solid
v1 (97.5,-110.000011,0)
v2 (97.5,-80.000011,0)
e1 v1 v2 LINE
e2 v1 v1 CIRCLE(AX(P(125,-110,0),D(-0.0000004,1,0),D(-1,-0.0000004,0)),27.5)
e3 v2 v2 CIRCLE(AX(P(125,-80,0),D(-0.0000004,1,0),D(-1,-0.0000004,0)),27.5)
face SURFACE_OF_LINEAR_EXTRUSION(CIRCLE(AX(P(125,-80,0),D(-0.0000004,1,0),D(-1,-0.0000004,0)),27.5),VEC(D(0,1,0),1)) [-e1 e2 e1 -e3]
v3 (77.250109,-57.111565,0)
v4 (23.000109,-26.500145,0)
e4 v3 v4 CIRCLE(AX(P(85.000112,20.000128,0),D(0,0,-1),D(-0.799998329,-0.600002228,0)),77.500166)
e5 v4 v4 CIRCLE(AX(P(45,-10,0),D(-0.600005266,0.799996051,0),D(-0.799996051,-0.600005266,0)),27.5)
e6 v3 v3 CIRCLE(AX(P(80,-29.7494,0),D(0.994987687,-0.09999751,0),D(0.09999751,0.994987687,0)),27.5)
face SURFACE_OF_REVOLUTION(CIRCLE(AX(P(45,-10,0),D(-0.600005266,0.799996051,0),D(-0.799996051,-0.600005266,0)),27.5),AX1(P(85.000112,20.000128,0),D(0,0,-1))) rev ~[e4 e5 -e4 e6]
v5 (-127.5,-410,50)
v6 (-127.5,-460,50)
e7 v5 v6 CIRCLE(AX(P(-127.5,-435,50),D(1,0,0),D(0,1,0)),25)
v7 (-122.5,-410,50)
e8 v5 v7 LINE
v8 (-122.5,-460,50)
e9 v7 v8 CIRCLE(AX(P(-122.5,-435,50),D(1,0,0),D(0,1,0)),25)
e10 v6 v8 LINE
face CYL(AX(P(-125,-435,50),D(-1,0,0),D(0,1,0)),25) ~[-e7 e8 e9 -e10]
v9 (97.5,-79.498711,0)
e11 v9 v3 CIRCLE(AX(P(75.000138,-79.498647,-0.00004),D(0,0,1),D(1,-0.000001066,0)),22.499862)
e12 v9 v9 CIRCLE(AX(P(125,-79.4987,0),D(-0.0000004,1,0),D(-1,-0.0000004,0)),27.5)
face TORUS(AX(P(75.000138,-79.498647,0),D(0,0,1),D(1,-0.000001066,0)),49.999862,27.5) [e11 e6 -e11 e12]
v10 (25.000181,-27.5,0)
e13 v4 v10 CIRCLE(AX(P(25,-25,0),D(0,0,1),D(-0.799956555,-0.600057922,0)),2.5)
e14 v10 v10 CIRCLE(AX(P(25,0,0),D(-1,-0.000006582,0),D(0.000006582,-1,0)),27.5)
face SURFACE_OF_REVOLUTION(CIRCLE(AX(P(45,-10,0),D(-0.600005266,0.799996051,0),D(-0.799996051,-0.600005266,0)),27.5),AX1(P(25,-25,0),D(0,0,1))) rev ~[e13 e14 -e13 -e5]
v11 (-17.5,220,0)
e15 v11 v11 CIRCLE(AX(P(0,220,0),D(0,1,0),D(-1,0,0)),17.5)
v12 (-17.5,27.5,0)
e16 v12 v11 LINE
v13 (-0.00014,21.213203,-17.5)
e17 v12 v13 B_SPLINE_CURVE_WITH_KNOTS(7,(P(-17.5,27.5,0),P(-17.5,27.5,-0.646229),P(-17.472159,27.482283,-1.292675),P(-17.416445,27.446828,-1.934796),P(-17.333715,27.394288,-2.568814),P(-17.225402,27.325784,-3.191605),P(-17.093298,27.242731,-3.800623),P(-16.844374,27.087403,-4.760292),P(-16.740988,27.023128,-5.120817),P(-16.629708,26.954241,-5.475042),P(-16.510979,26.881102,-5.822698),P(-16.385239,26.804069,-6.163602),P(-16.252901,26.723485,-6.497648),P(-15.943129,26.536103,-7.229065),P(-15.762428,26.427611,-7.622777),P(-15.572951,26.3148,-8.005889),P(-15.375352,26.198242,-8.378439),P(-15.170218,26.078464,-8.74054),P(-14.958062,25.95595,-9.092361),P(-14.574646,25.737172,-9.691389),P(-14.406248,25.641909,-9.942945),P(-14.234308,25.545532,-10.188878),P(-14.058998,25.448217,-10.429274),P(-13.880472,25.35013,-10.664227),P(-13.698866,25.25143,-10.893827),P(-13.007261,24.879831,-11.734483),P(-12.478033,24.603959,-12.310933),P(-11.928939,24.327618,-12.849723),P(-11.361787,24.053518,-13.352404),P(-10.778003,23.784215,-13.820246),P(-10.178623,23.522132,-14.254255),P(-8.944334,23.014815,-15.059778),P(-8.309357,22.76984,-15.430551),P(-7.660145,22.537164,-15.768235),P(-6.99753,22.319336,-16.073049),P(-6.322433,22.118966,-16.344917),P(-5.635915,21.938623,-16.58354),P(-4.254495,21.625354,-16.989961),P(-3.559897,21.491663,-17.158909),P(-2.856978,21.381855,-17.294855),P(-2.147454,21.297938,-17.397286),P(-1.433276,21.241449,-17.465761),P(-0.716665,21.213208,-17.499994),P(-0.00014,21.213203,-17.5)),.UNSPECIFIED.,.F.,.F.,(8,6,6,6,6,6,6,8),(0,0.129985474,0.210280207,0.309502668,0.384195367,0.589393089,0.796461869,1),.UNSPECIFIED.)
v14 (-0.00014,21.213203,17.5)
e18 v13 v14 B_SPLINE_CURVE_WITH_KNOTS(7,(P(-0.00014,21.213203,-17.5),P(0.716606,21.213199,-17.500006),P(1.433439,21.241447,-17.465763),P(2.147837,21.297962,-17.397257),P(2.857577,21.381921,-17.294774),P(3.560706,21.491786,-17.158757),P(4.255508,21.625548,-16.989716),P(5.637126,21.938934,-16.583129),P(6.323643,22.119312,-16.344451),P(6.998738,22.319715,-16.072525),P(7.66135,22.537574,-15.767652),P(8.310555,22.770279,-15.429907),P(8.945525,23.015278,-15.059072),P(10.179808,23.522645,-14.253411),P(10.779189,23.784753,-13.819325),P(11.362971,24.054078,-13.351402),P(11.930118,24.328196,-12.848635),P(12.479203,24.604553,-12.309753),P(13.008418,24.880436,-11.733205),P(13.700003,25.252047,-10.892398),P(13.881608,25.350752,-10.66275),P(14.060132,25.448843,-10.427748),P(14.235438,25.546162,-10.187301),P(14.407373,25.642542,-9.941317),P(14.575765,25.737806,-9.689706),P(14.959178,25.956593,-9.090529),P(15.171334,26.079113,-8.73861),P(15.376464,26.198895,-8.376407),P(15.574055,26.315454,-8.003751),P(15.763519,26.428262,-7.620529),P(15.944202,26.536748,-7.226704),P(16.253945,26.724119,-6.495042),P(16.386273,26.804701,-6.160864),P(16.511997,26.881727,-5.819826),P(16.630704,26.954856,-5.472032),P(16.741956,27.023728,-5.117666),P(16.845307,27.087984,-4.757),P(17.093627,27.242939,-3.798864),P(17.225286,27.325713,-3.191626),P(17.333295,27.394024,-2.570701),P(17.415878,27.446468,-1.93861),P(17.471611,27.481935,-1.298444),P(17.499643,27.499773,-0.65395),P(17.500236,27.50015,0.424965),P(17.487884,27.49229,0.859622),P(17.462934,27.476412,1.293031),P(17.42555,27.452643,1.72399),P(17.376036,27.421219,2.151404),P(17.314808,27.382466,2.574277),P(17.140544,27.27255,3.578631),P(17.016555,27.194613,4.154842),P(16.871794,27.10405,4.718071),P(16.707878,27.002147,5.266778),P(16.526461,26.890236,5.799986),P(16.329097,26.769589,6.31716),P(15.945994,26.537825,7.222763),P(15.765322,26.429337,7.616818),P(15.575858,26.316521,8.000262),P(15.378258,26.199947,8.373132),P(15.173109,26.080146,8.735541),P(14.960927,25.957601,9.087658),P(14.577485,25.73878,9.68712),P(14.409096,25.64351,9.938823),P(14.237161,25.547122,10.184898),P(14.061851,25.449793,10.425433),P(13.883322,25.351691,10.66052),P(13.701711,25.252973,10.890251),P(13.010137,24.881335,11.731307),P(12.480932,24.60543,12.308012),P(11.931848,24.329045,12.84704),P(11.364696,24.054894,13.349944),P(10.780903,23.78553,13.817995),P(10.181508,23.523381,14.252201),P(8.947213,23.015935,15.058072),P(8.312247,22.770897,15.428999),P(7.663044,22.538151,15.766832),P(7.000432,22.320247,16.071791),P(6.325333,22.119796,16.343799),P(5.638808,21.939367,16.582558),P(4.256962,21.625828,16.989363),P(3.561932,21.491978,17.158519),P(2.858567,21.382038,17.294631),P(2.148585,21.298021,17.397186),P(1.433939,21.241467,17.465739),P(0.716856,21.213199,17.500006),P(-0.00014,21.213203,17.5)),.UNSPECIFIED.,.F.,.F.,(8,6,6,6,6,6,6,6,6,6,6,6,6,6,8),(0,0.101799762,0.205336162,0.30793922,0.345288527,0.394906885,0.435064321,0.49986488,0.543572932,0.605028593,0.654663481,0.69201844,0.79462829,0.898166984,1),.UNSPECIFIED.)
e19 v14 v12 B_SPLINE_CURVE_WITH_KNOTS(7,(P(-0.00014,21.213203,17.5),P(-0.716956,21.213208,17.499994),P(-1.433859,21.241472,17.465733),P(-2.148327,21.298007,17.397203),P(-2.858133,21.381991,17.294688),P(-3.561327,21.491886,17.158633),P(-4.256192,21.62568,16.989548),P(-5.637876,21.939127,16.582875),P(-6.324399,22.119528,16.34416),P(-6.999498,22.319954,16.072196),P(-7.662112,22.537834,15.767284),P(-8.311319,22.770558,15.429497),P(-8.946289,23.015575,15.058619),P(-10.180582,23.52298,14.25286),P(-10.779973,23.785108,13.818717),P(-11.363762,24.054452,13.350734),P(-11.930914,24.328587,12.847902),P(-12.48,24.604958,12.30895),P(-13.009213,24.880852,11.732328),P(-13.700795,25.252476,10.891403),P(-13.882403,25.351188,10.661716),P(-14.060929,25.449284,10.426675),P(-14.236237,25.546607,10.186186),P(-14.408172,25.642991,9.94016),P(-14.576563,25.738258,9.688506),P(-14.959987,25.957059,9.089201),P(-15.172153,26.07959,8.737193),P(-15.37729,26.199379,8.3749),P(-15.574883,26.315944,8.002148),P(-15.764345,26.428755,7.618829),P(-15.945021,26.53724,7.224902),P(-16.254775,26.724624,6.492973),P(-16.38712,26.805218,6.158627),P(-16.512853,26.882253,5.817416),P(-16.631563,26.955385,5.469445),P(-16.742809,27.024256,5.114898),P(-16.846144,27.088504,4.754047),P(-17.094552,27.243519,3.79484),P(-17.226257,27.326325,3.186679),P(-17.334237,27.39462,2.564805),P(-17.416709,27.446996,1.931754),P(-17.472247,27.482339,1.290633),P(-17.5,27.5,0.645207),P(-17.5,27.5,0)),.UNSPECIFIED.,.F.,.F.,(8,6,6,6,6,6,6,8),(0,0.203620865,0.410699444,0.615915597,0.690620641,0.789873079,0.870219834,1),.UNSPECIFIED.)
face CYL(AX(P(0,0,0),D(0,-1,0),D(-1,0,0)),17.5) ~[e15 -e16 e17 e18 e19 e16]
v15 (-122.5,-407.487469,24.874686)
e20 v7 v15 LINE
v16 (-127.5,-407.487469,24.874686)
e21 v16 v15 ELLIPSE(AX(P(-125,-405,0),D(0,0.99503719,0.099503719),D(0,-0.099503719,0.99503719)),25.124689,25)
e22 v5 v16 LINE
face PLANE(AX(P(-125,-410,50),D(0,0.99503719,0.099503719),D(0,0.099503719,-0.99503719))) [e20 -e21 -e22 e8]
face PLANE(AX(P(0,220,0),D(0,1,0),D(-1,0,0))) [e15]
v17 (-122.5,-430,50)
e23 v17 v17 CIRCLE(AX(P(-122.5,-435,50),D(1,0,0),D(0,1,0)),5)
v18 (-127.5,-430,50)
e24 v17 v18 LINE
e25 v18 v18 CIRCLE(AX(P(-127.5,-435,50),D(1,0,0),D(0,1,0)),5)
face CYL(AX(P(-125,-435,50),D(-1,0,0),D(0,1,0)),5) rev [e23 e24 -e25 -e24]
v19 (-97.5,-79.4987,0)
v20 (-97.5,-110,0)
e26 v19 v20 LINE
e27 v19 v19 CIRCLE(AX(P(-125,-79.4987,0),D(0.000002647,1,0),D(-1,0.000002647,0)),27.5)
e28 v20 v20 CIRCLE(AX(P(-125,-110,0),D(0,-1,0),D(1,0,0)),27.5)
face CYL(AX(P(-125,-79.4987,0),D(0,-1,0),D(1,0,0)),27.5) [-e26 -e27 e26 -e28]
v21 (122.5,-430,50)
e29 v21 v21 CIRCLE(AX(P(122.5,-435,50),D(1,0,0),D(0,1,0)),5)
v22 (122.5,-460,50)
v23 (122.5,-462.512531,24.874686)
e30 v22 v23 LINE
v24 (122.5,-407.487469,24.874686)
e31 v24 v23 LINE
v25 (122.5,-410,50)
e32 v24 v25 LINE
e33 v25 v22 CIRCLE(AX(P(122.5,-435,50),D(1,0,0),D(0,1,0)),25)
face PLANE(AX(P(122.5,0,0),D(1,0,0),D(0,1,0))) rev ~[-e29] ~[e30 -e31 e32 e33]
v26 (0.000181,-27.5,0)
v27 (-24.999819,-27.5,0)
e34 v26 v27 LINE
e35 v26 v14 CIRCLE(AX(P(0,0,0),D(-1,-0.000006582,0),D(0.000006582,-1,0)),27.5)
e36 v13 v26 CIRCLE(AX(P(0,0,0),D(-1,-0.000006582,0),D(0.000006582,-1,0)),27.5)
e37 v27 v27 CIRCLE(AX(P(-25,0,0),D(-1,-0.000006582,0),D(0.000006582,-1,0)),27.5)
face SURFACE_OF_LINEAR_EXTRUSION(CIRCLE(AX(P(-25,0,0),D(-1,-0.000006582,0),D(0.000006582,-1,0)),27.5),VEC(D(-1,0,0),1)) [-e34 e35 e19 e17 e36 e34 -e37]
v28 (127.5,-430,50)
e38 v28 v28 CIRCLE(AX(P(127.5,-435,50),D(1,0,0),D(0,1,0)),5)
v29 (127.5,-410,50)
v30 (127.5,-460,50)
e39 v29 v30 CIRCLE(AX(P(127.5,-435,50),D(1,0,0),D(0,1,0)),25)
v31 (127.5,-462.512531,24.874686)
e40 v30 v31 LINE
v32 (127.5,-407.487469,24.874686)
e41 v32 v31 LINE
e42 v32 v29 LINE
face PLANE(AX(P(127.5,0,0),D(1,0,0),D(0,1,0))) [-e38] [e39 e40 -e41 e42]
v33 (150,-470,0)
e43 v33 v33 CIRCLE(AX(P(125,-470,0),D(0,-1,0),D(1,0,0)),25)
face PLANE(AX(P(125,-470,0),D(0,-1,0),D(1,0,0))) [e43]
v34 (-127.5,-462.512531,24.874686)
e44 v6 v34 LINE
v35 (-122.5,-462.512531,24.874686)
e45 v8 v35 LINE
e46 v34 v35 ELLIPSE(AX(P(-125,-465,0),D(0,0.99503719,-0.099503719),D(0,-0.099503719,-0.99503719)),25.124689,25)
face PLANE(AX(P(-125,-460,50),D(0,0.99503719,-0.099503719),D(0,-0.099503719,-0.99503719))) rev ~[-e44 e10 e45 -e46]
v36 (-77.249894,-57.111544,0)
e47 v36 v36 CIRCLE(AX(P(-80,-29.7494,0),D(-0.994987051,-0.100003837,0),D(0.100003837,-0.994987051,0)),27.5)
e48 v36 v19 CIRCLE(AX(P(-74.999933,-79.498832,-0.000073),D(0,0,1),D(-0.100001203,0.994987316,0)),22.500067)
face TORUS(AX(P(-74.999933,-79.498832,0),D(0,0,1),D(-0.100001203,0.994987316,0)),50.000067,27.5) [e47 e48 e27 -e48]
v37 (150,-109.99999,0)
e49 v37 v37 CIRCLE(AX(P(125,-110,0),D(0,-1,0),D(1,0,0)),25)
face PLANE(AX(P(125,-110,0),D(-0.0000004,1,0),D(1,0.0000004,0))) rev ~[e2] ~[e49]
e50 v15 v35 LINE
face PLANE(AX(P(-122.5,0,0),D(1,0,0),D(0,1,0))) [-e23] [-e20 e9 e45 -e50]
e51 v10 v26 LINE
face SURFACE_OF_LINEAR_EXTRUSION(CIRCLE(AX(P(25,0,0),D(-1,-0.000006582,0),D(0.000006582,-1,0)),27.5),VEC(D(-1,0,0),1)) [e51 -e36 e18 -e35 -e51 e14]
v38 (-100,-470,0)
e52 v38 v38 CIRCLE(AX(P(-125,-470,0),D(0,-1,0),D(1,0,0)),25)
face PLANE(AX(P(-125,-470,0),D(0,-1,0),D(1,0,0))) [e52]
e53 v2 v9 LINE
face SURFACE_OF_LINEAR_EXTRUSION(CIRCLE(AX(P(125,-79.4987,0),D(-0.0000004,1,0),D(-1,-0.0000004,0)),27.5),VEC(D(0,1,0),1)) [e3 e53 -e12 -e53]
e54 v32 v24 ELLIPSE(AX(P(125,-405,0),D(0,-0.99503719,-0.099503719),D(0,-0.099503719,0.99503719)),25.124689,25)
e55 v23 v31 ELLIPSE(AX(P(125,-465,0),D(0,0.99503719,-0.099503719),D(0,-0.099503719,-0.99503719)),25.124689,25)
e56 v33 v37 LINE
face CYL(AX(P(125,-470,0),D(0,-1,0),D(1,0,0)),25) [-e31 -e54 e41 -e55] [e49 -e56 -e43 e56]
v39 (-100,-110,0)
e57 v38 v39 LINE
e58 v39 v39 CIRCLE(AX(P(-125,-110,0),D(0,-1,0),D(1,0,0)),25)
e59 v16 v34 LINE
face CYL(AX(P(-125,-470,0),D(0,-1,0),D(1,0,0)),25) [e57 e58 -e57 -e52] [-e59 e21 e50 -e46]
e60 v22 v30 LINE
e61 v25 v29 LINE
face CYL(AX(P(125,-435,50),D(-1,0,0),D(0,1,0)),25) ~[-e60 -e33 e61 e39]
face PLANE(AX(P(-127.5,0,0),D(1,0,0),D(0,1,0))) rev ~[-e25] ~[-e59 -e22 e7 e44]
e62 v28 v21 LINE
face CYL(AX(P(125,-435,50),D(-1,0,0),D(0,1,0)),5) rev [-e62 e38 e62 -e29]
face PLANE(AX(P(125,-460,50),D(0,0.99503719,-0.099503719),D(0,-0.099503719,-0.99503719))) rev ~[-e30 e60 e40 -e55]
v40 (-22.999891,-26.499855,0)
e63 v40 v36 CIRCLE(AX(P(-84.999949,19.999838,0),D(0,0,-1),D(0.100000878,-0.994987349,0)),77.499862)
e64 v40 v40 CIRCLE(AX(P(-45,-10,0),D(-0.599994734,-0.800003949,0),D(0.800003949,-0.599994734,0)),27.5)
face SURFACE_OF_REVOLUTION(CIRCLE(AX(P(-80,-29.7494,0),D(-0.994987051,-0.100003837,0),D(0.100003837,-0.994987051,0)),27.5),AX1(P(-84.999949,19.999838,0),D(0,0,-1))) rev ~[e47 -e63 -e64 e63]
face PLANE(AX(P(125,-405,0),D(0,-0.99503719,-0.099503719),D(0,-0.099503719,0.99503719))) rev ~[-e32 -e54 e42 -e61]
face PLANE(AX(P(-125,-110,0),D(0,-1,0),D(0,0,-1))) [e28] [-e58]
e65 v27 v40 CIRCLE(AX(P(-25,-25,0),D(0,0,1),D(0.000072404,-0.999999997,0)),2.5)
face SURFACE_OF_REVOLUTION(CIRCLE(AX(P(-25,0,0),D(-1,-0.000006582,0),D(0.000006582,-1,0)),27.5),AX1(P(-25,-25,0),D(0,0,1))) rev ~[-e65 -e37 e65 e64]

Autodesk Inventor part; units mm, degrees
sketch "草圖1" plane through (0, 0, 0) normal (0, 0, 1) x (1, 0, 0)
  line L0 (0, 0) -> (0, 12)
  line L1 (125, -79.4987) -> (125, -80)
  arc A0 (45, -10) -> (25, 0) centre (25, -25) ccw
  arc A1 (45, -10) -> (80, -29.7494) centre (85, 20) ccw
  arc A2 (125, -79.4987) -> (80, -29.7494) centre (75, -79.4987) ccw
  line L2 (125, -80) -> (125, -110)
  line L3 (25, 0) -> (0, 0)
  line L4 (-125, -79.4987) -> (-125, -80)
  arc A3 (-25, 0) -> (-45, -10) centre (-25, -25) ccw
  arc A4 (-80, -29.7494) -> (-45, -10) centre (-85, 20) ccw
  arc A5 (-80, -29.7494) -> (-125, -79.4987) centre (-75, -79.4987) ccw
  line L5 (-125, -80) -> (-125, -110)
  line L6 (-25, 0) -> (0, 0)
  line L7 (125, -110) -> (125, -470)
  line L8 (-125, -110) -> (-125, -470)
  dimension "d8" = 50
  dimension "d9" = 50
  dimension "d10" = 30
  dimension "d11" = 110
  dimension "d12" = 25
  dimension "d13" = 250
  dimension "d29" = 360
ref_plane "工作平面1" through (0, 0, 0) normal (0, 1, 0) x (-1, 0, 0)
sketch "草圖2" plane through (0, 0, 0) normal (0, 1, 0) x (-1, 0, 0)
  circle A0 centre (0, 0) radius 17.5
  dimension "d14" = 35
extrude "擠出1" add sketch "草圖2" along normal blind 220
ref_plane "工作平面2" through (-125, -110, 0) normal (0, -1, 0) x (1, 0, 0)
sketch "草圖3" plane through (-125, -110, 0) normal (0, -1, 0) x (1, 0, 0)
  circle A0 centre (0, 0) radius 27.5
  point P0 (125, 0)
  dimension "d17" = 55
sweep "掃掠1" add profiles "草圖3" path "草圖1" path curves L5 L4 A5 A4 A3 L6 L3 A0 A1 A2 L1 L2
ref_plane "工作平面6" through (-125, -470, 0) normal (0, -1, 0) x (1, 0, 0)
sketch "草圖7" plane through (-125, -470, 0) normal (0, -1, 0) x (1, 0, 0)
  circle A0 centre (0, 0) radius 25
  point P0 (125, 0)
  dimension "d32" = 50
extrude "擠出4" add sketch "草圖7" against normal blind 365
ref_plane "工作平面8" through (125, -470, 0) normal (0, -1, 0) x (1, 0, 0)
sketch "草圖9" plane through (125, -470, 0) normal (0, -1, 0) x (1, 0, 0)
  circle A0 centre (0, 0) radius 25
  point P0 (-125, 0)
  dimension "d45" = 50
extrude "擠出6" add sketch "草圖9" against normal blind 365
ref_plane "工作平面9" through (125, 0, 0) normal (1, 0, 0) x (0, 1, 0)
sketch "草圖11" plane through (125, 0, 0) normal (1, 0, 0) x (0, 1, 0)
  line L0 (-470, -25) -> (-470, 25) projected
  arc A0 (-410, 50) -> (-460, 50) centre (-435, 50) ccw
  line L1 (-405, 0) -> (-410, 50)
  line L2 (-460, 50) -> (-465, 0)
  circle A1 centre (-435, 50) radius 5
  line L3 (-405, 0) -> (-465, 0)
  point P0 (0, 0)
  dimension "d73" = 50
  dimension "d75" = 10
extrude "擠出8" add sketch "草圖11" along normal mid plane 5
ref_plane "工作平面10" through (-125, 0, 0) normal (1, 0, 0) x (0, 1, 0)
sketch "草圖14" plane through (-125, 0, 0) normal (1, 0, 0) x (0, 1, 0)
  arc A0 (-410, 50) -> (-460, 50) centre (-435, 50) ccw
  circle A1 centre (-435, 50) radius 5
  line L0 (-410, 50) -> (-405, 0)
  line L1 (-460, 50) -> (-465, 0)
  line L2 (-405, 0) -> (-465, 0)
  point P0 (0, 0)
  dimension "d88" = 10
extrude "擠出10" add sketch "草圖14" along normal mid plane 5
properties part number "前桿2"
